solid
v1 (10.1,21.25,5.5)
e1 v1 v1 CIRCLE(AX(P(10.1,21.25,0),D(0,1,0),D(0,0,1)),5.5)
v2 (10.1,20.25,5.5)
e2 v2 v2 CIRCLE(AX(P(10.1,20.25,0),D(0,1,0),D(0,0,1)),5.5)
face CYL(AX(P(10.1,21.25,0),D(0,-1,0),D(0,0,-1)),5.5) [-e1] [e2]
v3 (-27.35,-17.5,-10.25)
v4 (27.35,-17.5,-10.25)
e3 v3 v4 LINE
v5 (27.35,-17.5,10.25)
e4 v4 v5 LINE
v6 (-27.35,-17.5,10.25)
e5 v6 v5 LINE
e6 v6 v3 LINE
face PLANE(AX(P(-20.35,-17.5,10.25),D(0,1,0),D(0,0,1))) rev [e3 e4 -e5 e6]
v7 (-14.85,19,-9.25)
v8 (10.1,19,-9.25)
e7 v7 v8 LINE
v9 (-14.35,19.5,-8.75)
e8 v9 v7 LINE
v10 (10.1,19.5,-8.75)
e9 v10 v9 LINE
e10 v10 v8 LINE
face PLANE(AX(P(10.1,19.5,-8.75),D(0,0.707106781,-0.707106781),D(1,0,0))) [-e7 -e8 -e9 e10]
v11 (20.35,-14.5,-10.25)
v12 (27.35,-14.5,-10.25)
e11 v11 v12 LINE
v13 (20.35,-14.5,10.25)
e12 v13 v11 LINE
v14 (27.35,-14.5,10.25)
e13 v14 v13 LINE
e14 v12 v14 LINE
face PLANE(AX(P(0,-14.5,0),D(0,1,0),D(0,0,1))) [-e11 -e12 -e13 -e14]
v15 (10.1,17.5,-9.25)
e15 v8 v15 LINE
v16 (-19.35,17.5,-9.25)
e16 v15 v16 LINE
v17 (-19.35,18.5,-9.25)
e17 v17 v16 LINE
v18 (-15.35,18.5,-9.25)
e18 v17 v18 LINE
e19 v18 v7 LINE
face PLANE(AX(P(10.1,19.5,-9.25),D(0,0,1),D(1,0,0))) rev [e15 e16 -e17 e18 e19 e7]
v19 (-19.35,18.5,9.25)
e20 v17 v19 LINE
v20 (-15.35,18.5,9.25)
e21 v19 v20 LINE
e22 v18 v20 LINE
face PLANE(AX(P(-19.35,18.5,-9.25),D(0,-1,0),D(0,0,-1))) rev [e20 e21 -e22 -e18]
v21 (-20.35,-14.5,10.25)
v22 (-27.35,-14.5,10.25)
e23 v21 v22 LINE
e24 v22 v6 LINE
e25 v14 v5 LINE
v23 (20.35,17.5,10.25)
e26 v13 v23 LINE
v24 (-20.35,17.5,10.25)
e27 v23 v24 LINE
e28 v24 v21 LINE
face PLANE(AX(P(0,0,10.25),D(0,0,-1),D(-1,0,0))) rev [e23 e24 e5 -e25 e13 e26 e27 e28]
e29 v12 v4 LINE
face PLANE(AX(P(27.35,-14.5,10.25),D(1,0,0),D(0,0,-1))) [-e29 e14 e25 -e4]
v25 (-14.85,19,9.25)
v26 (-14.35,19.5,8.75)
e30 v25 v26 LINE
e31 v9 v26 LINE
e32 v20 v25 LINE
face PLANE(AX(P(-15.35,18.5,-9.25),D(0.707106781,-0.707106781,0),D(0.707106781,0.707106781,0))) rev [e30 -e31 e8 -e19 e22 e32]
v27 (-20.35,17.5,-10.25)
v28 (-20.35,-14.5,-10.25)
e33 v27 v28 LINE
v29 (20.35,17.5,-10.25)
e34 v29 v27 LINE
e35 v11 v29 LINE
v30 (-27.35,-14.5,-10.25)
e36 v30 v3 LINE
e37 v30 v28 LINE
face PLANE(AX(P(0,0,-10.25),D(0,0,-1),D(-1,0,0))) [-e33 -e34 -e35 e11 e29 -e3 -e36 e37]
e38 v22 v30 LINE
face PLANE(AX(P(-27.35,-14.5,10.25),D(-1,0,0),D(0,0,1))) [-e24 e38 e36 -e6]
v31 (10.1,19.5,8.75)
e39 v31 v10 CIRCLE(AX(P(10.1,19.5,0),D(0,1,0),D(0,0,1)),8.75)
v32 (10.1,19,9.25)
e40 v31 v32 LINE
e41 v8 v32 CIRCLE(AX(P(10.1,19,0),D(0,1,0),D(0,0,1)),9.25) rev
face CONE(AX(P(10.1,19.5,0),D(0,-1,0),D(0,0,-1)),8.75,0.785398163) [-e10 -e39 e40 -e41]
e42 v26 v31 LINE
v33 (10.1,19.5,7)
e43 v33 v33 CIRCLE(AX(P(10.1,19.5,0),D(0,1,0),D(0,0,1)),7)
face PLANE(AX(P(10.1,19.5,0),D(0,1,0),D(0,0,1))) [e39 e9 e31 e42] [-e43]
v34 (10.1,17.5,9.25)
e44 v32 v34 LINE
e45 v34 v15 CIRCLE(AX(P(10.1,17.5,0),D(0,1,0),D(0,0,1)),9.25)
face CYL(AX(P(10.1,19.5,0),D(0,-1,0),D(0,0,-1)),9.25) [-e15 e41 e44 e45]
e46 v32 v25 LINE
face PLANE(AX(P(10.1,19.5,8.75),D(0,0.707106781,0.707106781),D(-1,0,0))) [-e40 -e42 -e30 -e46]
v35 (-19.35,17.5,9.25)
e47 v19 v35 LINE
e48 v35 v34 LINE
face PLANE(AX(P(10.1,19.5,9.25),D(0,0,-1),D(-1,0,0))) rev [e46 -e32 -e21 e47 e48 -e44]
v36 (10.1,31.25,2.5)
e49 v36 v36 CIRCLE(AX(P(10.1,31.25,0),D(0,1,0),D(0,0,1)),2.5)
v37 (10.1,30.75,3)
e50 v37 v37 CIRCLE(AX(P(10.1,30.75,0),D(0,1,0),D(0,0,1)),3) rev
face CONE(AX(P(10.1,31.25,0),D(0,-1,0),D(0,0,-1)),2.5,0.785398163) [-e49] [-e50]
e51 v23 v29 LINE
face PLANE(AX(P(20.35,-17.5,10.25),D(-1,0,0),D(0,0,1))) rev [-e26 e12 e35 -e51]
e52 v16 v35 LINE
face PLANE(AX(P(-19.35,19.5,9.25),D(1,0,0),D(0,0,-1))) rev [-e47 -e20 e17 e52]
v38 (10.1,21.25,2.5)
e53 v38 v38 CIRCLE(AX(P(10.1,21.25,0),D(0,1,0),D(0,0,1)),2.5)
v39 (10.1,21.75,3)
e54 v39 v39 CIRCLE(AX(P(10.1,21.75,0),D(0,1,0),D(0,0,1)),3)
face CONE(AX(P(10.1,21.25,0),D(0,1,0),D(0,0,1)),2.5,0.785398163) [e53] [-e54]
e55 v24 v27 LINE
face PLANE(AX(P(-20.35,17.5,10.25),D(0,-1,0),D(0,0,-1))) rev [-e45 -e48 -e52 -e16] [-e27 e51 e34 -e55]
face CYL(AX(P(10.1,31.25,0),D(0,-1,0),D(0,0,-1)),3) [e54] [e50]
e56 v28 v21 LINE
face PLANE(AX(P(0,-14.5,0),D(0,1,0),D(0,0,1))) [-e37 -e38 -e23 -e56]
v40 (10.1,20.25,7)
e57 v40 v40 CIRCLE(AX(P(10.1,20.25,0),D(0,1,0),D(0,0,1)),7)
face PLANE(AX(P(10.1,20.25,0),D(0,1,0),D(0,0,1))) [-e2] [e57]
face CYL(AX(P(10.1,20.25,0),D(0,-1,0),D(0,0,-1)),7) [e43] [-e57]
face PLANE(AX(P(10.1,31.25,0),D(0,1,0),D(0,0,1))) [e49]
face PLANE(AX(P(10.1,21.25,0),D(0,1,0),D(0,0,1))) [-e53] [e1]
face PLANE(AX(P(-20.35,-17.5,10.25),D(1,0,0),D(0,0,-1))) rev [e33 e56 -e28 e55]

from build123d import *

# Parameters (mm, degrees)
SKETCH_1_W              = 40.7
SKETCH_1_H              = 35
EXTRUDE_BOSS_DEPTH      = 10.25
EXTRUDE_2_DEPTH         = 2
EXTRUDE_CUT_DEPTH       = 18.5
CROQUIS10_R             = 7
SALIENTE_EXTRUIR5_DEPTH = 0.75
CROQUIS11_R             = 5.5
SALIENTE_EXTRUIR6_DEPTH = 1
CROQUIS12_R             = 3
SALIENTE_EXTRUIR7_DEPTH = 10
CHAFL_N2_SIZE           = 0.5
SKETCH1_W               = 7
SKETCH1_H               = 20.5
BOSS_EXTRUDE1_DEPTH     = 3


with BuildPart() as part:
    # Sketch 1 → Extrude Boss (new, symmetric)
    with BuildSketch(Plane.XY):
        Rectangle(SKETCH_1_W, SKETCH_1_H)
    extrude(amount=EXTRUDE_BOSS_DEPTH, both=True)

    # Sketch 3 → Extrude 2 (add)
    with BuildSketch(Plane(origin=(0, 17.5, 0), x_dir=(1, 0, 0), z_dir=(0, 1, 0))):
        with BuildLine():
            Line((10.1, 9.25), (-19.35, 9.25))
            Line((-19.35, 9.25), (-19.35, -9.25))
            Line((-19.35, -9.25), (10.1, -9.25))
            ThreePointArc((10.1, -9.25), (19.35, 0), (10.1, 9.25))
        make_face()
    extrude(amount=EXTRUDE_2_DEPTH)

    # Sketch 4 → Extrude Cut (cut)
    with BuildSketch(Plane.XY.offset(9.25)):
        Polygon((-19.35, 19.5), (-19.35, 18.5), (-15.35, 18.5), (-14.35, 19.5), align=None)
    extrude(amount=-EXTRUDE_CUT_DEPTH, mode=Mode.SUBTRACT)

    # Croquis10 → Saliente-Extruir5 (add)
    with BuildSketch(Plane(origin=(0, 19.5, 0), x_dir=(1, 0, 0), z_dir=(0, 1, 0))):
        with Locations(Location((10.1, 0, 0), (0, 0, 270))):
            Circle(CROQUIS10_R)
    extrude(amount=SALIENTE_EXTRUIR5_DEPTH)

    # Croquis11 → Saliente-Extruir6 (add)
    with BuildSketch(Plane(origin=(0, 20.25, 0), x_dir=(1, 0, 0), z_dir=(0, 1, 0))):
        with Locations(Location((10.1, 0, 0), (0, 0, 270))):
            Circle(CROQUIS11_R)
    extrude(amount=SALIENTE_EXTRUIR6_DEPTH)

    # Croquis12 → Saliente-Extruir7 (add)
    with BuildSketch(Plane(origin=(0, 21.25, 0), x_dir=(1, 0, 0), z_dir=(0, 1, 0))):
        with Locations(Location((10.1, 0, 0), (0, 0, 270))):
            Circle(CROQUIS12_R)
    extrude(amount=SALIENTE_EXTRUIR7_DEPTH)

    # Chaflán2
    chafl_n2_edges = [part.edges().sort_by_distance(p)[0] for p in [
        (19.35, 19.5, 0),
        (-2.125, 19.5, -9.25),
        (-2.125, 19.5, 9.25),
        (10.1, 31.25, -3),
    ]]
    chamfer(chafl_n2_edges, length=CHAFL_N2_SIZE)

    # Croquis13 → Cortar-Revolución1 (revolve, cut)
    with BuildSketch(Plane.XY, mode=Mode.PRIVATE) as cortar_revoluci_n1_sk:
        Polygon((7.1, 21.75), (7.1, 21.25), (7.6, 21.25), align=None)
    revolve(cortar_revoluci_n1_sk.sketch.rotate(Axis((10.1, 31.25, 0), (0, -1, 0)), 270), axis=Axis((10.1, 31.25, 0), (0, -1, 0)), mode=Mode.SUBTRACT)

    # Sketch1 → Boss-Extrude1 (add)
    with BuildSketch(Plane.XZ.offset(17.5)):
        with Locations((-23.85, 0)):
            Rectangle(SKETCH1_W, SKETCH1_H)
        with Locations((23.85, 0)):
            Rectangle(SKETCH1_W, SKETCH1_H)
    extrude(amount=-BOSS_EXTRUDE1_DEPTH)


solid = part.part
